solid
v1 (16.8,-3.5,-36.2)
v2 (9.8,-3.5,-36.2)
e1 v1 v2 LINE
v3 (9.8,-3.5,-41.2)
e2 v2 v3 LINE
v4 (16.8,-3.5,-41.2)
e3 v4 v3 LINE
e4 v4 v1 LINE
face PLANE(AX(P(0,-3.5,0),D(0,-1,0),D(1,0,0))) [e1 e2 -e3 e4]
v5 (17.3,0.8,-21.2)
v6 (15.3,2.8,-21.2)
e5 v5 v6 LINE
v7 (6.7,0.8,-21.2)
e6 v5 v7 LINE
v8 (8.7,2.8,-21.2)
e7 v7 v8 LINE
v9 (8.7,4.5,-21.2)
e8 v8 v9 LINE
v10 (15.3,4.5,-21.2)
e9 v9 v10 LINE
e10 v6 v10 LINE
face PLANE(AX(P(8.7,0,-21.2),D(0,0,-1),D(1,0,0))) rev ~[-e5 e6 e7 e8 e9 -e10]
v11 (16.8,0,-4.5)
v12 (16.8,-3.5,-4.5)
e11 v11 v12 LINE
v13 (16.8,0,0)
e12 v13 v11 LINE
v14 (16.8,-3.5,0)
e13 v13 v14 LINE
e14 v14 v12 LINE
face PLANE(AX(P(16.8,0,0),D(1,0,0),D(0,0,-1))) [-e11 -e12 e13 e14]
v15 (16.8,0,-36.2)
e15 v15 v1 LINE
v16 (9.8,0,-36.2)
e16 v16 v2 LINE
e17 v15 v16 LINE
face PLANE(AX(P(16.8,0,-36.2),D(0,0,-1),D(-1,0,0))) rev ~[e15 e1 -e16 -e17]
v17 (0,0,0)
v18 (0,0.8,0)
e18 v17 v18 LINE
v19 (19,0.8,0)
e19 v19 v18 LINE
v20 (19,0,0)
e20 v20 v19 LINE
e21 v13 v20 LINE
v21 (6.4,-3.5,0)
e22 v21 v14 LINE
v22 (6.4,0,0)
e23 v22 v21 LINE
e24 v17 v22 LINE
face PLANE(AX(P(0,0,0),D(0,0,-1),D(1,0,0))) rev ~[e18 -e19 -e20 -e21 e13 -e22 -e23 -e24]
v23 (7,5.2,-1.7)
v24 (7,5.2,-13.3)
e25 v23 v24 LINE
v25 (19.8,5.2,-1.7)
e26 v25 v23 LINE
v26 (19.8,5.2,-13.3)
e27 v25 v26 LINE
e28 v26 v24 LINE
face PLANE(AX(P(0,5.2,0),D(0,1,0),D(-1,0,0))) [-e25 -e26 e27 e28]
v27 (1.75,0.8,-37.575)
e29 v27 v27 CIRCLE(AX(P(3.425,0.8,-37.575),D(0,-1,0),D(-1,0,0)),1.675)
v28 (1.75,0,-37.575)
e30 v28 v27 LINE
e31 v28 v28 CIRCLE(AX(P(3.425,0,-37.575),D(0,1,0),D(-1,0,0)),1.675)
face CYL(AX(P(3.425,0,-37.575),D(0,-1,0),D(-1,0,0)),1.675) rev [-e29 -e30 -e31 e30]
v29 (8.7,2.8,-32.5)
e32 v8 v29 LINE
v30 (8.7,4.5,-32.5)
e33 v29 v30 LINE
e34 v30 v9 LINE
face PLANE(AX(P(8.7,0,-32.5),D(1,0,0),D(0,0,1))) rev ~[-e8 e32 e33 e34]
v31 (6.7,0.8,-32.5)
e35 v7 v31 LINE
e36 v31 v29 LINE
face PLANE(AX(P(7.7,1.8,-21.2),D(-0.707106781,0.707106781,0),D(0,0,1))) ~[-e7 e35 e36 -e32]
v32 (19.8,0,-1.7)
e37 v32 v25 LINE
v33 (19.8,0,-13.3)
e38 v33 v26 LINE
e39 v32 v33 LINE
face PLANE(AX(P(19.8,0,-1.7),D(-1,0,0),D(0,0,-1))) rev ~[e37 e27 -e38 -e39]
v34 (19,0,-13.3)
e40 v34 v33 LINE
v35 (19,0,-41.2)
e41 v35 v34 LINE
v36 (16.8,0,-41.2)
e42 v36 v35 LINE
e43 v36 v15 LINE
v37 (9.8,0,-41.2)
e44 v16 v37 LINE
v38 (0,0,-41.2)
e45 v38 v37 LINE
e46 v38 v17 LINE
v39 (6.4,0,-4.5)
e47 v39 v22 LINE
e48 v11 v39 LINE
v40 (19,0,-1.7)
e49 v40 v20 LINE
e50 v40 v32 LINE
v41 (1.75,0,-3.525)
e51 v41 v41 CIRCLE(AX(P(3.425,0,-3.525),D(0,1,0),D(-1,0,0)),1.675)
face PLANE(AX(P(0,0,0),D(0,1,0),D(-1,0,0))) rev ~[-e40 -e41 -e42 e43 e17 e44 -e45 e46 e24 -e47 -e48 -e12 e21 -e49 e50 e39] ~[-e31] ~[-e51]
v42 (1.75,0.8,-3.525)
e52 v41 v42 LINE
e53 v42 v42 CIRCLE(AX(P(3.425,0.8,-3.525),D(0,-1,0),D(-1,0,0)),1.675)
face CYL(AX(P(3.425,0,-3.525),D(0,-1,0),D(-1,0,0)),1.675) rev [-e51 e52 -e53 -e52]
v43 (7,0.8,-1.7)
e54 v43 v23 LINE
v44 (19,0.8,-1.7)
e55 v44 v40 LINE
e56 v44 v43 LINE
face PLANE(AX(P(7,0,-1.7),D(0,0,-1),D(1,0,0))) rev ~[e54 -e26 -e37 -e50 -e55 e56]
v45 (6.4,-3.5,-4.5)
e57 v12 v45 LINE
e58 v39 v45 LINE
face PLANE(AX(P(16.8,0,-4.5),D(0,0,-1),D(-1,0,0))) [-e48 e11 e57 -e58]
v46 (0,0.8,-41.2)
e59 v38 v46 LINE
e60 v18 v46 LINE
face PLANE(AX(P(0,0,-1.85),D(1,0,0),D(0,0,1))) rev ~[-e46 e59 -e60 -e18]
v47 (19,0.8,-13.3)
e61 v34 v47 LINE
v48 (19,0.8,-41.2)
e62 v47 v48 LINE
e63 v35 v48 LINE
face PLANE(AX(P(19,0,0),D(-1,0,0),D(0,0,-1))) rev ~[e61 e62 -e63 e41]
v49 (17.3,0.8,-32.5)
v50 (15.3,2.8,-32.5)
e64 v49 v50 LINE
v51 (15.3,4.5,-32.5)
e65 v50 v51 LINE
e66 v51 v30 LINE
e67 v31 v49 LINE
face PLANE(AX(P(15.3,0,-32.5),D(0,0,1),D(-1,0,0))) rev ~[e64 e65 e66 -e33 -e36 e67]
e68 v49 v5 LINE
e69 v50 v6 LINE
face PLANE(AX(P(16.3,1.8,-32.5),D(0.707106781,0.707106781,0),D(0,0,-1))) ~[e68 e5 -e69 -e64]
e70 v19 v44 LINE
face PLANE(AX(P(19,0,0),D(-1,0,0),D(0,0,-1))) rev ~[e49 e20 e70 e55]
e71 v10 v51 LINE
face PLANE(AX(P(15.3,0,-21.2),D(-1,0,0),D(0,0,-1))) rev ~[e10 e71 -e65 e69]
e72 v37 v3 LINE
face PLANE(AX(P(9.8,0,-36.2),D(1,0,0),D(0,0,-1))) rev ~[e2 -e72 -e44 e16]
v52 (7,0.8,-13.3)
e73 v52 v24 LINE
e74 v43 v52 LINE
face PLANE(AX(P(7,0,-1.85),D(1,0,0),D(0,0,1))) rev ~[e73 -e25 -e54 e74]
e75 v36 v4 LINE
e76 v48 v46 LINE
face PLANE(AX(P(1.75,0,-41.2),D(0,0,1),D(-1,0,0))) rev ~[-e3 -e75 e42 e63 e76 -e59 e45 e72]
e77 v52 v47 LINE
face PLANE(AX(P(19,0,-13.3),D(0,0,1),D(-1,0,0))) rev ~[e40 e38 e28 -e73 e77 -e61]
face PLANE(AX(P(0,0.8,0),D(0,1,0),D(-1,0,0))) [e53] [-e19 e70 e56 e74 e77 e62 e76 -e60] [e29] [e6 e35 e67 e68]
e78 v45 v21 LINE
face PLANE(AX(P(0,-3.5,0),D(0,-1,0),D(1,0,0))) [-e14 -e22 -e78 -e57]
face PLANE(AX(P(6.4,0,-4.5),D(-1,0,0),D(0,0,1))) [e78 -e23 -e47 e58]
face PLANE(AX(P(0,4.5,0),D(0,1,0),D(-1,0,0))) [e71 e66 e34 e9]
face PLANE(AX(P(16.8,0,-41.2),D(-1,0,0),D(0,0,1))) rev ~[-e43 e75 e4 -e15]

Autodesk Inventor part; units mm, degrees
ref_plane "YZ Plane" through (0, 0, 0) normal (1, 0, 0) x (0, 1, 0)
ref_plane "XZ Plane" through (0, 0, 0) normal (0, 1, 0) x (-1, 0, 0)
ref_plane "XY Plane" through (0, 0, 0) normal (0, 0, 1) x (1, 0, 0)
sketch "Sketch1" plane through (0, 0, 0) normal (0, 1, 0) x (-1, 0, 0)
  line L0 (0, 0) -> (-19, 0)
  line L1 (-19, 0) -> (-19, -41.2)
  line L2 (-19, -41.2) -> (0, -41.2)
  line L3 (0, -41.2) -> (0, 0)
  line L4 (-1.75, 0) -> (-1.75, -41.2)
  line L5 (0, -39.25) -> (-19, -39.25)
  circle A0 centre (-3.425, -3.525) radius 1.675
  circle A1 centre (-3.425, -37.575) radius 1.675
  line L6 (-8.7, -21.2) -> (-15.3, -21.2)
  line L7 (-15.3, -21.2) -> (-15.3, -32.5)
  line L8 (-15.3, -32.5) -> (-8.7, -32.5)
  line L9 (-8.7, -32.5) -> (-8.7, -21.2)
  line L10 (-7, -1.7) -> (-19.8, -1.7)
  line L11 (-19.8, -1.7) -> (-19.8, -13.3)
  line L12 (-19.8, -13.3) -> (-7, -13.3)
  line L13 (-7, -13.3) -> (-7, -1.7)
  line L14 (0, -1.85) -> (-19, -1.85)
  dimension "d0" = 19
  dimension "d1" = 41.2
  dimension "d2" = 1.75
  dimension "d4" = 1.95
  dimension "d5" = 3.35
  dimension "d6" = 3.35
  dimension "d7" = 6.6
  dimension "d8" = 11.3
  dimension "d11" = 8.7
  dimension "d12" = 8.7
  dimension "d13" = 12.8
  dimension "d14" = 11.6
  dimension "d16" = 1.7
  dimension "d27" = 1.85
  dimension "d28" = 7
extrude "Extrusion1" add sketch "Sketch1" along normal blind 0.8 contours L3 L14 L4 L0 | L4 L14 L13 L10 L1 L0 | L3 L5 L4 L14 | L4 A0 L14 | L3 L2 L4 L5 | L10 L13 L14 L1 | L4 A1 L5 L1 L12 L13 L14 A0 | L5 A1 L4 | L4 L2 L1 L5 | L14 L13 L12 L1 | L9 L8 L7 L6
extrude "Extrusion2" add sketch "Sketch1" along normal blind 5.2 contours L10 L13 L14 L1 | L1 L12 L11 L10 | L14 L13 L12 L1
extrude "Extrusion3" add sketch "Sketch1" along normal blind 4.5 contours L9 L8 L7 L6
chamfer "Chamfer1" distance 2 angle 45 2 edges at (15.3, 0.8, -26.85) (8.7, 0.8, -26.85)
sketch "Sketch2" plane through (0, 0, 0) normal (0, -1, 0) x (1, 0, 0)
  line L0 (19, 0) -> (19, -1.7) projected
  line L1 (0, 0) -> (19, 0) projected
  line L2 (0, -41.2) -> (0, 0) projected
  line L3 (19, -41.2) -> (0, -41.2) projected
  line L4 (19, -13.3) -> (19, -41.2) projected
  line L5 (19.8, -13.3) -> (19, -13.3) projected
  line L6 (19.8, -1.7) -> (19.8, -13.3) projected
  line L7 (19, -1.7) -> (19.8, -1.7) projected
  circle A0 centre (3.425, -3.525) radius 1.675 projected
  circle A1 centre (3.425, -37.575) radius 1.675 projected
  line L8 (0, -41.2) -> (19, -41.2)
  line L9 (19, -41.2) -> (19, 0)
  line L10 (19, 0) -> (0, 0)
  line L11 (0, 0) -> (0, -41.2)
  line L12 (6.4, 0) -> (16.8, 0)
  line L13 (16.8, 0) -> (16.8, -4.5)
  line L14 (16.8, -4.5) -> (6.4, -4.5)
  line L15 (6.4, -4.5) -> (6.4, 0)
  line L16 (9.8, -41.2) -> (16.8, -41.2)
  line L17 (16.8, -41.2) -> (16.8, -36.2)
  line L18 (16.8, -36.2) -> (9.8, -36.2)
  line L19 (9.8, -36.2) -> (9.8, -41.2)
  dimension "d29" = 10.4
  dimension "d30" = 4.5
  dimension "d31" = 0
  dimension "d32" = 6.4
  dimension "d33" = 7
  dimension "d34" = 5
  dimension "d35" = 2.2
  dimension "d36" = 0
extrude "Extrusion4" add sketch "Sketch2" along normal blind 3.5 contours L13 L14 L15 L1 | L3 L19 L18 L17
properties part number "interface_board"
